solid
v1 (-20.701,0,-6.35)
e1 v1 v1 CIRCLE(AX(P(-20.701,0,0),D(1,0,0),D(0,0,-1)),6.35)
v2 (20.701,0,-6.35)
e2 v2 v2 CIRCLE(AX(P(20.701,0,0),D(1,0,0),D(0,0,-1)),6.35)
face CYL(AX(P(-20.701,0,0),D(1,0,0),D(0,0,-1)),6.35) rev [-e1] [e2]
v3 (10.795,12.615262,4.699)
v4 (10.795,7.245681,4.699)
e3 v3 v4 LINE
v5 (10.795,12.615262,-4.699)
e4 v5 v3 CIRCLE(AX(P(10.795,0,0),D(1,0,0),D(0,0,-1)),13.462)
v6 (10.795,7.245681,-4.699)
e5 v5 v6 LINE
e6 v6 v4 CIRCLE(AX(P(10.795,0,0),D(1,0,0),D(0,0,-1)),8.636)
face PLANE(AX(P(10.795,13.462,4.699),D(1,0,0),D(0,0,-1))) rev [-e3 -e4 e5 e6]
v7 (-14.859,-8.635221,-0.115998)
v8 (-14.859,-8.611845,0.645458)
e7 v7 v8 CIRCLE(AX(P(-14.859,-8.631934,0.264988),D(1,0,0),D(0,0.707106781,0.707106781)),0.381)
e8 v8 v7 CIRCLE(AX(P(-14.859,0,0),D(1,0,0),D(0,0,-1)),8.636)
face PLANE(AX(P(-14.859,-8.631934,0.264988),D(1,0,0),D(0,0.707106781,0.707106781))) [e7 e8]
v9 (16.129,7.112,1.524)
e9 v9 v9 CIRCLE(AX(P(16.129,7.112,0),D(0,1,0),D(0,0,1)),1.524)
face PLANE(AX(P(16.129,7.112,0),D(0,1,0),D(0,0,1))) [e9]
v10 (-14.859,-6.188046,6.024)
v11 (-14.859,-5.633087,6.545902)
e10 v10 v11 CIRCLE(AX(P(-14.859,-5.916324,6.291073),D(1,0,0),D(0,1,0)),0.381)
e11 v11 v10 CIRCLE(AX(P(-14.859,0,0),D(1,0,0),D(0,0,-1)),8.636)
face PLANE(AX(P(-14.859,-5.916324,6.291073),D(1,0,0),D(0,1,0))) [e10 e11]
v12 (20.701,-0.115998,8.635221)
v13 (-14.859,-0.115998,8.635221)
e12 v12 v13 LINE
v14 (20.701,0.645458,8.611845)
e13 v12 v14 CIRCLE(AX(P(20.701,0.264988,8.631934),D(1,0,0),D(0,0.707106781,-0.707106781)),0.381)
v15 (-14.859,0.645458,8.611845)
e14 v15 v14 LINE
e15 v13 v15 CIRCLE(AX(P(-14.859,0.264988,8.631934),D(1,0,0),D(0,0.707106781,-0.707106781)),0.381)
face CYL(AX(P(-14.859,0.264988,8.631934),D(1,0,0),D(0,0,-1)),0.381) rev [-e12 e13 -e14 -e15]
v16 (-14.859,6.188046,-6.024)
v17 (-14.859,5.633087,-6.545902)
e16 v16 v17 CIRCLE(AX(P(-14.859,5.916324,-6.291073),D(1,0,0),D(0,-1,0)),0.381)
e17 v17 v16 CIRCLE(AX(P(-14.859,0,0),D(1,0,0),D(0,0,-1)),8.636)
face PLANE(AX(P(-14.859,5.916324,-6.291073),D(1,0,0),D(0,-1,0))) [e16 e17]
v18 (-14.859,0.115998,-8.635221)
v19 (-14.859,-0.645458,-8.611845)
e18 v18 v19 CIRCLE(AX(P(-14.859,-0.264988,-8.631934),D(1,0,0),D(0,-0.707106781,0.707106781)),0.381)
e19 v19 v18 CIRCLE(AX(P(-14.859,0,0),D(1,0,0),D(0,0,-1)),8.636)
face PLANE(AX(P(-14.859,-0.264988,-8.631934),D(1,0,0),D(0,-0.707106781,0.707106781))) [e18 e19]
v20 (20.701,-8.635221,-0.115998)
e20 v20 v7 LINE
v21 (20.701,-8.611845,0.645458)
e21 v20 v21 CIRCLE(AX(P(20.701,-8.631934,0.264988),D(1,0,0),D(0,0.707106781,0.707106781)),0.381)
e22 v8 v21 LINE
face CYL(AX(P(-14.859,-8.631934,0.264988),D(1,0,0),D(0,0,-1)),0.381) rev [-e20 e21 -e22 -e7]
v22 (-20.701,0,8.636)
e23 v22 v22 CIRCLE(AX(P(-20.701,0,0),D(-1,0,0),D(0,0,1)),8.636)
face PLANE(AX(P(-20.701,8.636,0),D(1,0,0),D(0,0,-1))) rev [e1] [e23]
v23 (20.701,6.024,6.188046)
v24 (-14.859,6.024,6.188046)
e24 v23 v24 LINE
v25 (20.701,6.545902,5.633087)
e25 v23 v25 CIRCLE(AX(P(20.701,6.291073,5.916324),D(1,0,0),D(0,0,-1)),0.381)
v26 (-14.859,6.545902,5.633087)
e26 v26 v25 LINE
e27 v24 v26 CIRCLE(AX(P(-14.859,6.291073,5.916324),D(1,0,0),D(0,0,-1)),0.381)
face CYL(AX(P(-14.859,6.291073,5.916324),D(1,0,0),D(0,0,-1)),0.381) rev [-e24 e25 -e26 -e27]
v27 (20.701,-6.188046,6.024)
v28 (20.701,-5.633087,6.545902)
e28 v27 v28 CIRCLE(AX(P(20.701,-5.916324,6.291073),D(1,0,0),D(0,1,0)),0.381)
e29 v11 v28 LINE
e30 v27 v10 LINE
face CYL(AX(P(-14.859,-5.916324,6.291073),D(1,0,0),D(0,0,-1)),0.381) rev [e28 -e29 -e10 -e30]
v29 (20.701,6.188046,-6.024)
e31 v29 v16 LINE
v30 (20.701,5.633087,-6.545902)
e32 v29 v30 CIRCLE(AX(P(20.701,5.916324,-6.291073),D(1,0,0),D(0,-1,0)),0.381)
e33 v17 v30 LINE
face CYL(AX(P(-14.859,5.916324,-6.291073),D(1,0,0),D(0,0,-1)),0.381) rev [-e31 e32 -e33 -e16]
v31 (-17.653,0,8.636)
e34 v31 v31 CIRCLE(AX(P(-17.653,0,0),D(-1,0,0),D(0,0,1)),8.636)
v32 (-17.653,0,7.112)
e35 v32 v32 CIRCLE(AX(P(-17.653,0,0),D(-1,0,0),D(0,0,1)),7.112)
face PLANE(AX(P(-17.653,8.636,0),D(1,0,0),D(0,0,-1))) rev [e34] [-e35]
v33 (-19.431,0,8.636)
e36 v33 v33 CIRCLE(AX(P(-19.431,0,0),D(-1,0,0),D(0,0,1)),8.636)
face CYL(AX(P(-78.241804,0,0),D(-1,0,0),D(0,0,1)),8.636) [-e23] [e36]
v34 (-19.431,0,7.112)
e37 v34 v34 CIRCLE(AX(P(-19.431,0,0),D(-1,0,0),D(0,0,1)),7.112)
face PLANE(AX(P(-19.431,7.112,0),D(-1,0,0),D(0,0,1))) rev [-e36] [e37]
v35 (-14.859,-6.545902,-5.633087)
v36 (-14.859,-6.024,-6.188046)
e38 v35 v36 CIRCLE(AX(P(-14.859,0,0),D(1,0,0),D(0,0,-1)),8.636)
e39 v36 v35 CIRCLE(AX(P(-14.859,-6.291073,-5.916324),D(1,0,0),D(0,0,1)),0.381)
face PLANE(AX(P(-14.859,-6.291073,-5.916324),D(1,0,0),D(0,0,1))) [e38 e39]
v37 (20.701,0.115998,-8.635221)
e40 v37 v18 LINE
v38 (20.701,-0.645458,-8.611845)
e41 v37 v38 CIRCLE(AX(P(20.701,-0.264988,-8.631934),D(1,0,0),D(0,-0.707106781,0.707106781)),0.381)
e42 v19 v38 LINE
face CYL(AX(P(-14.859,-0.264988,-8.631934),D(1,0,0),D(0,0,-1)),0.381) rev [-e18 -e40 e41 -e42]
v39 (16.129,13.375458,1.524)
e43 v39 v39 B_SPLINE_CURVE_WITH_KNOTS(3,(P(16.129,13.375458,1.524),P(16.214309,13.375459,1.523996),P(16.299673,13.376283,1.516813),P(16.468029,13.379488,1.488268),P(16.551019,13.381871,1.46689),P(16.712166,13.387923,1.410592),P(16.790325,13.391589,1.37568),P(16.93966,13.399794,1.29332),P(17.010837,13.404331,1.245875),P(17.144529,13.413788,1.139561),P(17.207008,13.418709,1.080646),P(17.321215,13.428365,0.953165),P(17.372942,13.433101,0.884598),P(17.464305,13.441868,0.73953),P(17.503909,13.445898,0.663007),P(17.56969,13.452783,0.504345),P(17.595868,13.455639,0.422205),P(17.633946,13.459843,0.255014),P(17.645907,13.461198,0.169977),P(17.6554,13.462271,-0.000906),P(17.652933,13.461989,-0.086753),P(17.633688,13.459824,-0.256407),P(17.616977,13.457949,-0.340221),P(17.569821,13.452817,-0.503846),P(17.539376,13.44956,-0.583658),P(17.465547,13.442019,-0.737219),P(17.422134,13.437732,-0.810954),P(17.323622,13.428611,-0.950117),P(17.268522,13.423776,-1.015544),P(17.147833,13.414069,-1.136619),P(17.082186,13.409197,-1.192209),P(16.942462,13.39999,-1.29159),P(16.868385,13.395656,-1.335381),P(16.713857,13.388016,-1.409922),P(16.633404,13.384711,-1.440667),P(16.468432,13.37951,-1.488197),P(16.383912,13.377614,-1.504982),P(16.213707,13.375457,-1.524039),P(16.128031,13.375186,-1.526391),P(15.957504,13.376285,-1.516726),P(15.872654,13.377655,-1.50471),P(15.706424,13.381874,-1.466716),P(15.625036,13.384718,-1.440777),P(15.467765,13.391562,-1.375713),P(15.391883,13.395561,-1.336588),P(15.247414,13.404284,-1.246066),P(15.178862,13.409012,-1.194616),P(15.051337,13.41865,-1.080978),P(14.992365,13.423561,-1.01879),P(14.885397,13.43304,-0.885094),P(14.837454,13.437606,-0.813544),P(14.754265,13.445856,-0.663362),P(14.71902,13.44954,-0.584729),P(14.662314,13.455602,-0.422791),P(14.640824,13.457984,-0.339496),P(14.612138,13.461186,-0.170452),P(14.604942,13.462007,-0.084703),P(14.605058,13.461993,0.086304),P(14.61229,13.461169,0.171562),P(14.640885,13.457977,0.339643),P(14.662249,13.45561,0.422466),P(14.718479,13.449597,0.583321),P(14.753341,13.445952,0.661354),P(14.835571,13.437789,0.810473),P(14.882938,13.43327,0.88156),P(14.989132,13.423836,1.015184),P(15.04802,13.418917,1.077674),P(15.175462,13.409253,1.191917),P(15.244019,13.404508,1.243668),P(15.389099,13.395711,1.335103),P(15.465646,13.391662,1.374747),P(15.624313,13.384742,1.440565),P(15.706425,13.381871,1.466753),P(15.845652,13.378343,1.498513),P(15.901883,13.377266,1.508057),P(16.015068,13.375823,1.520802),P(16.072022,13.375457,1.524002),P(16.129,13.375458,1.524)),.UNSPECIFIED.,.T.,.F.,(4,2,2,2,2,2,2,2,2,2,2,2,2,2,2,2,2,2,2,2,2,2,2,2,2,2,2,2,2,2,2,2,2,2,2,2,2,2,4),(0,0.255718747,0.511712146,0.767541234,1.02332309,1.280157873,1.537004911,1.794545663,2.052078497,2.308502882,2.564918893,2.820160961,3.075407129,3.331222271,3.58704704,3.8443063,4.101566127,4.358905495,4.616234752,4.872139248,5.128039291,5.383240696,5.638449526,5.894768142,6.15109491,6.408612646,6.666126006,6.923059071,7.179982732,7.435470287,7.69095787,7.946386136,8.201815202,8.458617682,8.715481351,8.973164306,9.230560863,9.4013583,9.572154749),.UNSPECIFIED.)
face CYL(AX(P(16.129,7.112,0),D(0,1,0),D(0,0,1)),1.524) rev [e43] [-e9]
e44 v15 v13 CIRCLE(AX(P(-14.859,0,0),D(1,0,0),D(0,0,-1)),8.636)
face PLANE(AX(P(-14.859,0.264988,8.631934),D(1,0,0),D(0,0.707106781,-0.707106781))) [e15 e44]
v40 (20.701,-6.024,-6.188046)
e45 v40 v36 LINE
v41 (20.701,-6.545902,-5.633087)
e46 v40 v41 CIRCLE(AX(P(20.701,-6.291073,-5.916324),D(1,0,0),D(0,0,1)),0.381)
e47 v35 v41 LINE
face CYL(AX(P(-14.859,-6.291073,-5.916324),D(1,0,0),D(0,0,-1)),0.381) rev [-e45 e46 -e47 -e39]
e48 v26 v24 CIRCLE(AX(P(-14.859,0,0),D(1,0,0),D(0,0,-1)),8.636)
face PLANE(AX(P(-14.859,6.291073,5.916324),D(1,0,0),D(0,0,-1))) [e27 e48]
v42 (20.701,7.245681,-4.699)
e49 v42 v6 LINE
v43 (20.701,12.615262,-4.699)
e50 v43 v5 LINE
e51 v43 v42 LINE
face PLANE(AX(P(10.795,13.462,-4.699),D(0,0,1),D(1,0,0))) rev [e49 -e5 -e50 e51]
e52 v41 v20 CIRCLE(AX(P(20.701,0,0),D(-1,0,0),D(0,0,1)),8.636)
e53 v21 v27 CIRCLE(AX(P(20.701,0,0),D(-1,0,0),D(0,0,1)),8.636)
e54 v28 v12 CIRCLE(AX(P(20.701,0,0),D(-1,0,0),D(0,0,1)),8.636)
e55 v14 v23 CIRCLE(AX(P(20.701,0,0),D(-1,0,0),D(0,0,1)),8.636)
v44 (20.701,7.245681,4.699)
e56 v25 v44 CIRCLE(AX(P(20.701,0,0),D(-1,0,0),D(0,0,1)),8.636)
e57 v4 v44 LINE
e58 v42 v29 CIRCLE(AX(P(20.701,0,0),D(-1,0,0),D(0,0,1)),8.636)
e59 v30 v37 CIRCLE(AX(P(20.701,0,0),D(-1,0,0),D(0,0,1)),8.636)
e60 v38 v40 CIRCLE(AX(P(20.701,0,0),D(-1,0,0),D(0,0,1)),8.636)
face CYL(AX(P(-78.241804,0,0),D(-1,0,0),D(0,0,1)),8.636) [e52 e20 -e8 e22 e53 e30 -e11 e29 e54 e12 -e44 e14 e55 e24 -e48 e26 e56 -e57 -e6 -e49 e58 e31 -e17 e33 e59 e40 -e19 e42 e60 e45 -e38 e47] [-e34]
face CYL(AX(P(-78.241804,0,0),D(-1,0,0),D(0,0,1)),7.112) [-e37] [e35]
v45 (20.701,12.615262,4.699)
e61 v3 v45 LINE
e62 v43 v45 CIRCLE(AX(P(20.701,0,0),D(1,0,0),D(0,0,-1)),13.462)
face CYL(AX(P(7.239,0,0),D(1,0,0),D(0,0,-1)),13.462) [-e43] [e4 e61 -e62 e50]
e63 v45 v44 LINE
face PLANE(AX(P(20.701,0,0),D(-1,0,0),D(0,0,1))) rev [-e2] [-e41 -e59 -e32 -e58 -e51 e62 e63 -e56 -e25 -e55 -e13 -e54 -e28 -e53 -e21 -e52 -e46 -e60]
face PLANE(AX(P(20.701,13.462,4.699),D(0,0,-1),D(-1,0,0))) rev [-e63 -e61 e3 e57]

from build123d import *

# Parameters (mm, degrees)
BOSS_EXTRUDE1_DEPTH = 13.462
SKETCH7_OUTSIDE_W   = 29.274
SKETCH7_OUTSIDE_H   = 34.1
SKETCH7_OUTSIDE_R   = 13.462
CUT_EXTRUDE1_DEPTH  = 13.462
SKETCH8_R           = 1.524
CUT_EXTRUDE2_DEPTH  = 6.35
SKETCH9_R           = 6.35
CUT_EXTRUDE3_DEPTH  = 42.402
SKETCH10_R          = 0.381
CUT_EXTRUDE4_DEPTH  = 35.56
CIRPATTERN1_COUNT   = 8


with BuildPart() as part:
    # Sketch1 → Revolve1 (revolve)
    with BuildSketch(Plane.XY):
        Polygon((20.701, 0), (20.701, 8.636), (-17.653, 8.636), (-17.653, 7.112), (-19.431, 7.112), (-19.431, 8.636), (-20.701, 8.636), (-20.701, 0), align=None)
    revolve(axis=Axis((-78.241804248, 0, 0), (1, 0, 0)))

    # Sketch6 → Boss-Extrude1 (add)
    with BuildSketch(Plane(origin=(0, 0, 0), x_dir=(1, 0, 0), z_dir=(0, 1, 0))):
        Polygon((20.701, 0), (20.701, 4.699), (10.795, 4.699), (10.795, -4.699), (20.701, -4.699), align=None)
    extrude(amount=BOSS_EXTRUDE1_DEPTH)

    # Sketch7 outside → Cut-Extrude1 (cut)
    with BuildSketch(Plane(origin=(20.701, 0, 0), x_dir=(0, 0, -1), z_dir=(1, 0, 0))):
        with Locations((0, 2.413)):
            Rectangle(SKETCH7_OUTSIDE_W, SKETCH7_OUTSIDE_H)
        Circle(SKETCH7_OUTSIDE_R, mode=Mode.SUBTRACT)
    extrude(amount=-CUT_EXTRUDE1_DEPTH, mode=Mode.SUBTRACT)

    # Sketch8 → Cut-Extrude2 (cut)
    with BuildSketch(Plane(origin=(0, 13.462, 0), x_dir=(-1, 0, 0), z_dir=(0, 1, 0))):
        with Locations((-16.129, 0)):
            Circle(SKETCH8_R)
    extrude(amount=-CUT_EXTRUDE2_DEPTH, mode=Mode.SUBTRACT)

    # Sketch9 → Cut-Extrude3 (cut, through all)
    with BuildSketch(Plane(origin=(20.701, 0, 0), x_dir=(0, 0, -1), z_dir=(1, 0, 0))):
        Circle(SKETCH9_R)
    extrude(amount=-CUT_EXTRUDE3_DEPTH, mode=Mode.SUBTRACT)

    # Sketch10 → Cut-Extrude4 (cut)
    with BuildSketch(Plane(origin=(20.701, 0, 0), x_dir=(0, 0, -1), z_dir=(1, 0, 0))):
        with Locations((-5.916324211, 6.291073345)):
            Circle(SKETCH10_R)
    cut_extrude4 = extrude(amount=-CUT_EXTRUDE4_DEPTH, mode=Mode.SUBTRACT)

    # CirPattern1: Cut-Extrude4 ×8 about axis, 1 skipped
    cirpattern1_axis = Axis((20.701, 0, 0), (-1, 0, 0))
    add([cut_extrude4.rotate(cirpattern1_axis, i * 360 / CIRPATTERN1_COUNT) for i in range(1, CIRPATTERN1_COUNT) if i not in (1,)], mode=Mode.SUBTRACT)


solid = part.part
